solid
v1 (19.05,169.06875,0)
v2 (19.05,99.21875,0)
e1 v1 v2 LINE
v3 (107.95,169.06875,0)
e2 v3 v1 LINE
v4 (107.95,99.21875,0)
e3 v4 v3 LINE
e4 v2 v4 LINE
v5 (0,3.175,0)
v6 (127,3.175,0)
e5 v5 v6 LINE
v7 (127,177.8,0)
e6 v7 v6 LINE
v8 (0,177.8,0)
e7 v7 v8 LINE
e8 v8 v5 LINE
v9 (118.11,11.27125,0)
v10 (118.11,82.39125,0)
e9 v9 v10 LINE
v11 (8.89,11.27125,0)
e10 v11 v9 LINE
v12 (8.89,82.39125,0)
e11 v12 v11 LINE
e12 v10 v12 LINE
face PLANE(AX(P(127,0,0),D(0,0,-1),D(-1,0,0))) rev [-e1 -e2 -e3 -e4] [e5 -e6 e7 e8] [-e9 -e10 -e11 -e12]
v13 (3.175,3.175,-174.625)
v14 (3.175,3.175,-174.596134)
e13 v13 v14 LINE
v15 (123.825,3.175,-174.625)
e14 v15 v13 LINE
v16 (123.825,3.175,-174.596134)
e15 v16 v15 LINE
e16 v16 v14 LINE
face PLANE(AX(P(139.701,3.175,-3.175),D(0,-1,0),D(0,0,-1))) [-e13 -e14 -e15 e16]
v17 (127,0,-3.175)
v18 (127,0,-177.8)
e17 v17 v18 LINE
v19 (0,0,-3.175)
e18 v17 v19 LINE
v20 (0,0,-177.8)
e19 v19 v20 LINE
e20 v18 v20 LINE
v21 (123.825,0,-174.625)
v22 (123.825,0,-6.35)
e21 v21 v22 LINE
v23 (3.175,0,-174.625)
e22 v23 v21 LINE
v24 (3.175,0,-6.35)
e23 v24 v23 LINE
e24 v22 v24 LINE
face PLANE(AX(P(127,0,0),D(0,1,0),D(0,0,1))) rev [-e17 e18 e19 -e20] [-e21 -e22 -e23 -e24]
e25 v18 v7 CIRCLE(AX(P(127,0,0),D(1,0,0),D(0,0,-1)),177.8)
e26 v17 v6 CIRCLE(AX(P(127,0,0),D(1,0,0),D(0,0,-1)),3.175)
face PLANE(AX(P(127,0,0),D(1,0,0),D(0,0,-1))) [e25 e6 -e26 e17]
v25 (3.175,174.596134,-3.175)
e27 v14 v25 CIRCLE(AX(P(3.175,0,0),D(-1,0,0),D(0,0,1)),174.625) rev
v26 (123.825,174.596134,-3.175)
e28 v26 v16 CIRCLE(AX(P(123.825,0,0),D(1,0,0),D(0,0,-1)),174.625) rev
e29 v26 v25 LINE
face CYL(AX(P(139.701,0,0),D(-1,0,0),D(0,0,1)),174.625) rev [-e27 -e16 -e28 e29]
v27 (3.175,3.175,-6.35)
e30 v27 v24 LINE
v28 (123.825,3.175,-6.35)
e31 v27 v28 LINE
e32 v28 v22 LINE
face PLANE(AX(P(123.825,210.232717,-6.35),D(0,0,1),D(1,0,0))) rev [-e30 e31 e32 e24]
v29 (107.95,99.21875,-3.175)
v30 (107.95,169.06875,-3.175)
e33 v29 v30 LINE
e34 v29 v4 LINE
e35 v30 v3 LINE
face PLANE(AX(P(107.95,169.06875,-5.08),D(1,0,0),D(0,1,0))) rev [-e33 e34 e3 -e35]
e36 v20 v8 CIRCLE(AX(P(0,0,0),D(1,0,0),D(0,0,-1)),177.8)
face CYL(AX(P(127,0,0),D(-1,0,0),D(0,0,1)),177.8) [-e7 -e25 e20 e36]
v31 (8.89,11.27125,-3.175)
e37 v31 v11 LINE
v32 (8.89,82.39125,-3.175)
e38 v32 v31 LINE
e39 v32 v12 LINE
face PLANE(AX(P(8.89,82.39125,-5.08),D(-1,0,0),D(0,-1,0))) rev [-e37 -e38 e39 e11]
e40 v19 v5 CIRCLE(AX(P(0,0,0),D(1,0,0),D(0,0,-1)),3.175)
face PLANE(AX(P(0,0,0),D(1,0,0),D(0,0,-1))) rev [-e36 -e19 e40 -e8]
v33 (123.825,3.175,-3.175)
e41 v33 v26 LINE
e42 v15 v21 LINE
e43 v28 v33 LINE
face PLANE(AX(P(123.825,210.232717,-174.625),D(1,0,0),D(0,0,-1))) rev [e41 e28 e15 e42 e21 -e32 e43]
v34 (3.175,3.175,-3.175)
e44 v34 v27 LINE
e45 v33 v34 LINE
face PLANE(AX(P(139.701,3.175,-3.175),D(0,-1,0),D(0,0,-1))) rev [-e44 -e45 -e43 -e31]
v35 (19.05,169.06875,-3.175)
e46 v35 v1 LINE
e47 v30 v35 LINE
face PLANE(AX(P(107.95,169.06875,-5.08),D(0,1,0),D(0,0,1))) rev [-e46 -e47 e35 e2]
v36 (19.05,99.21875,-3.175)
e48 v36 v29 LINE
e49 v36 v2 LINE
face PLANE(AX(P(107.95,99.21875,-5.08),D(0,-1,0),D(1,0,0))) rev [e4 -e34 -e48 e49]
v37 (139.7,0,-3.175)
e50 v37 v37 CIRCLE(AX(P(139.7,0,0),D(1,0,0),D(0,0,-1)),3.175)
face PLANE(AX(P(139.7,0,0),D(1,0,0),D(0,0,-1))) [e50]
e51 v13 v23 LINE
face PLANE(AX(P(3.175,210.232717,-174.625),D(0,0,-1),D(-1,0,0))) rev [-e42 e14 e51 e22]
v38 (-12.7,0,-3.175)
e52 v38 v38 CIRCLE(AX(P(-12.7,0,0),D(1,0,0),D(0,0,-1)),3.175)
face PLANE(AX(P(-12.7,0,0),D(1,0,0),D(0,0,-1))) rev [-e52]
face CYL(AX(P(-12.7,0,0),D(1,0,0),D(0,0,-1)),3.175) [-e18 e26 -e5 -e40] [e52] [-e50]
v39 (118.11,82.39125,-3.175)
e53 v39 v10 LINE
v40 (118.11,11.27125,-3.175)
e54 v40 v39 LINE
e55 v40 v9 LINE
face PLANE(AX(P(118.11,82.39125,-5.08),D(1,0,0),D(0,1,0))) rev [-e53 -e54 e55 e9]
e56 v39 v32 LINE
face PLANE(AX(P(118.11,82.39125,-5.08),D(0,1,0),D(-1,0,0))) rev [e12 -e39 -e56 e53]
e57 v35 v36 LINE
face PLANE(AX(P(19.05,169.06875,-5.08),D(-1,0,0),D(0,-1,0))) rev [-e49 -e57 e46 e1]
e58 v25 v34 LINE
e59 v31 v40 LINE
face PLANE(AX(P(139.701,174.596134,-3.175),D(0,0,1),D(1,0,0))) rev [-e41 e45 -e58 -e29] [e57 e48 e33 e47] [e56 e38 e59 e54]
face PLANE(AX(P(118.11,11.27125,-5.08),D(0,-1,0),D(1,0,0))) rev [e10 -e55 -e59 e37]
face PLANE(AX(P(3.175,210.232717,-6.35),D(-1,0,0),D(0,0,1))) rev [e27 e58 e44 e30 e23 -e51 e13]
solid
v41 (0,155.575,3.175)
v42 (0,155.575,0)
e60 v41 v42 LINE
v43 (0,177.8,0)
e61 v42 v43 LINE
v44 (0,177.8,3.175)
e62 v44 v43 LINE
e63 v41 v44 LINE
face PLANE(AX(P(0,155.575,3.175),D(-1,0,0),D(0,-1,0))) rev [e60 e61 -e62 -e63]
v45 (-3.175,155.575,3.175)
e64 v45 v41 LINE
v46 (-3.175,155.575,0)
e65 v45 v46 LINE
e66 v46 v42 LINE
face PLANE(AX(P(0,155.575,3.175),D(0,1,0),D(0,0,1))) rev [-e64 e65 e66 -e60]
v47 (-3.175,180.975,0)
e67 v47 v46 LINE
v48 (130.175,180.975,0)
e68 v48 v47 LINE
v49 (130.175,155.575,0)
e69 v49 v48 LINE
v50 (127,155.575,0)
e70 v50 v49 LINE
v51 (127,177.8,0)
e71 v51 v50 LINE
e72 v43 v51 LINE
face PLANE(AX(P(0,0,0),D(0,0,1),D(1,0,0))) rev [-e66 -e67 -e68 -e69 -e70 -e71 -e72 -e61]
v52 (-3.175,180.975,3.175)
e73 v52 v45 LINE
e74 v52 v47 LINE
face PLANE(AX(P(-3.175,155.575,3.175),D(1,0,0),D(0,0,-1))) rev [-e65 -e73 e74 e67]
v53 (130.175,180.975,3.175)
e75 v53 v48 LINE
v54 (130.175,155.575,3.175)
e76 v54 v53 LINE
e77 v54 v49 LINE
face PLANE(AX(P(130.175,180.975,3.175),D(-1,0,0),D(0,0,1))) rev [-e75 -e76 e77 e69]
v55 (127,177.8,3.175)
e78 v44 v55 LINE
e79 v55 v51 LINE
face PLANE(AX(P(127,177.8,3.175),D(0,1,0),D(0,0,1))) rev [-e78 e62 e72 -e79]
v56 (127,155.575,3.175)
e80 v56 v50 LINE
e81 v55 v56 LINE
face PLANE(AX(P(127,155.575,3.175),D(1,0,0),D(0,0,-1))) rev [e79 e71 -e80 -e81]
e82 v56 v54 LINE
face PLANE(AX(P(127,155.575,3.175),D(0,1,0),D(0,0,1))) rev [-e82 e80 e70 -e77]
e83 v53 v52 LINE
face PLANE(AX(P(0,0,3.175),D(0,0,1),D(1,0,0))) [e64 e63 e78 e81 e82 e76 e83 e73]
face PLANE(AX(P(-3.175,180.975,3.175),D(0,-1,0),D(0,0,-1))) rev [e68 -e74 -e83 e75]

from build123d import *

# Parameters (mm, degrees)
BOSS_EXTRUDE1_DEPTH      = 127
BOSS_EXTRUDE2_DEPTH      = 3.175
SKETCH4_R                = 3.175
BOSS_EXTRUDE7_DEPTH      = 12.7
BOSS_EXTRUDE7_DEPTH_BACK = 139.7
SKETCH5_W                = 88.9
SKETCH5_H                = 69.85
SKETCH5_W_2              = 109.22
SKETCH5_H_2              = 71.12
CUT_EXTRUDE2_DEPTH       = 5.08
CUT_EXTRUDE3_DEPTH       = 127
SKETCH7_W                = 120.65
SKETCH7_H                = 168.275
CUT_EXTRUDE4_DEPTH       = 3.175
BOSS_EXTRUDE9_DEPTH      = 3.175
BOSS_EXTRUDE10_DEPTH     = 3.175


with BuildPart() as part:
    # Sketch1 → Boss-Extrude1 (new body)
    with BuildSketch(Plane(origin=(0, 0, 0), x_dir=(0, 0, -1), z_dir=(1, 0, 0))):
        with BuildLine():
            Line((0, 0), (0, 177.8))
            ThreePointArc((0, 177.8), (125.723585695, 125.723585695), (177.8, 0))
            Line((177.8, 0), (0, 0))
        make_face()
    extrude(amount=BOSS_EXTRUDE1_DEPTH)

    # Sketch4 → Boss-Extrude7 (add, two sides)
    with BuildSketch(Plane(origin=(127, 0, 0), x_dir=(0, 0, -1), z_dir=(1, 0, 0))) as boss_extrude7_sk:
        Circle(SKETCH4_R)
    extrude(amount=BOSS_EXTRUDE7_DEPTH)
    extrude(boss_extrude7_sk.sketch, amount=-BOSS_EXTRUDE7_DEPTH_BACK)

    # Sketch5 → Cut-Extrude2 (cut)
    with BuildSketch(Plane.XY):
        with Locations((63.5, 134.14375)):
            Rectangle(SKETCH5_W, SKETCH5_H)
        with Locations((63.5, 46.83125)):
            Rectangle(SKETCH5_W_2, SKETCH5_H_2)
    extrude(amount=-CUT_EXTRUDE2_DEPTH, mode=Mode.SUBTRACT)

    # Sketch6 → Cut-Extrude3 (cut)
    with BuildSketch(Plane.ZY):
        with BuildLine():
            Line((-3.175, 3.175), (-174.596133978, 3.175))
            ThreePointArc((-174.596133978, 3.175), (-123.478521665, 123.478521665), (-3.175, 174.596133978))
            Line((-3.175, 174.596133978), (-3.175, 3.175))
        make_face()
    extrude(amount=-CUT_EXTRUDE3_DEPTH, mode=Mode.SUBTRACT)

    # Sketch7 → Cut-Extrude4 (cut)
    with BuildSketch(Plane.XZ):
        with Locations((63.5, -90.4875)):
            Rectangle(SKETCH7_W, SKETCH7_H)
    extrude(amount=-CUT_EXTRUDE4_DEPTH, mode=Mode.SUBTRACT)

    # Sketch8 → Boss-Extrude9 (add)
    with BuildSketch(Plane.ZY):
        with BuildLine():
            Line((-176.525431596, 1.27), (-4.259709497, 1.27))
            ThreePointArc((-4.259709497, 1.27), (-3.143089642, 3.143089642), (-1.27, 4.259709497))
            Line((-1.27, 4.259709497), (-1.27, 176.525431596))
            ThreePointArc((-1.27, 176.525431596), (-124.825560083, 124.825560083), (-176.525431596, 1.27))
        make_face()
    extrude(amount=-BOSS_EXTRUDE9_DEPTH)

    # Sketch9 → Boss-Extrude10 (add)
    with BuildSketch(Plane(origin=(127, 0, 0), x_dir=(0, 0, -1), z_dir=(1, 0, 0))):
        with BuildLine():
            Line((4.259709497, 1.27), (176.525431596, 1.27))
            ThreePointArc((176.525431596, 1.27), (124.825560083, 124.825560083), (1.27, 176.525431596))
            Line((1.27, 176.525431596), (1.27, 4.259709497))
            ThreePointArc((1.27, 4.259709497), (3.143089642, 3.143089642), (4.259709497, 1.27))
        make_face()
    extrude(amount=-BOSS_EXTRUDE10_DEPTH)


with BuildPart() as body_2:
    # Sketch2 → Boss-Extrude2 (new body)
    with BuildSketch(Plane.XY):
        Polygon((0, 155.575), (-3.175, 155.575), (-3.175, 180.975), (130.175, 180.975), (130.175, 155.575), (127, 155.575), (127, 177.8), (0, 177.8), align=None)
    extrude(amount=BOSS_EXTRUDE2_DEPTH)


solid = Compound([part.part, body_2.part])
